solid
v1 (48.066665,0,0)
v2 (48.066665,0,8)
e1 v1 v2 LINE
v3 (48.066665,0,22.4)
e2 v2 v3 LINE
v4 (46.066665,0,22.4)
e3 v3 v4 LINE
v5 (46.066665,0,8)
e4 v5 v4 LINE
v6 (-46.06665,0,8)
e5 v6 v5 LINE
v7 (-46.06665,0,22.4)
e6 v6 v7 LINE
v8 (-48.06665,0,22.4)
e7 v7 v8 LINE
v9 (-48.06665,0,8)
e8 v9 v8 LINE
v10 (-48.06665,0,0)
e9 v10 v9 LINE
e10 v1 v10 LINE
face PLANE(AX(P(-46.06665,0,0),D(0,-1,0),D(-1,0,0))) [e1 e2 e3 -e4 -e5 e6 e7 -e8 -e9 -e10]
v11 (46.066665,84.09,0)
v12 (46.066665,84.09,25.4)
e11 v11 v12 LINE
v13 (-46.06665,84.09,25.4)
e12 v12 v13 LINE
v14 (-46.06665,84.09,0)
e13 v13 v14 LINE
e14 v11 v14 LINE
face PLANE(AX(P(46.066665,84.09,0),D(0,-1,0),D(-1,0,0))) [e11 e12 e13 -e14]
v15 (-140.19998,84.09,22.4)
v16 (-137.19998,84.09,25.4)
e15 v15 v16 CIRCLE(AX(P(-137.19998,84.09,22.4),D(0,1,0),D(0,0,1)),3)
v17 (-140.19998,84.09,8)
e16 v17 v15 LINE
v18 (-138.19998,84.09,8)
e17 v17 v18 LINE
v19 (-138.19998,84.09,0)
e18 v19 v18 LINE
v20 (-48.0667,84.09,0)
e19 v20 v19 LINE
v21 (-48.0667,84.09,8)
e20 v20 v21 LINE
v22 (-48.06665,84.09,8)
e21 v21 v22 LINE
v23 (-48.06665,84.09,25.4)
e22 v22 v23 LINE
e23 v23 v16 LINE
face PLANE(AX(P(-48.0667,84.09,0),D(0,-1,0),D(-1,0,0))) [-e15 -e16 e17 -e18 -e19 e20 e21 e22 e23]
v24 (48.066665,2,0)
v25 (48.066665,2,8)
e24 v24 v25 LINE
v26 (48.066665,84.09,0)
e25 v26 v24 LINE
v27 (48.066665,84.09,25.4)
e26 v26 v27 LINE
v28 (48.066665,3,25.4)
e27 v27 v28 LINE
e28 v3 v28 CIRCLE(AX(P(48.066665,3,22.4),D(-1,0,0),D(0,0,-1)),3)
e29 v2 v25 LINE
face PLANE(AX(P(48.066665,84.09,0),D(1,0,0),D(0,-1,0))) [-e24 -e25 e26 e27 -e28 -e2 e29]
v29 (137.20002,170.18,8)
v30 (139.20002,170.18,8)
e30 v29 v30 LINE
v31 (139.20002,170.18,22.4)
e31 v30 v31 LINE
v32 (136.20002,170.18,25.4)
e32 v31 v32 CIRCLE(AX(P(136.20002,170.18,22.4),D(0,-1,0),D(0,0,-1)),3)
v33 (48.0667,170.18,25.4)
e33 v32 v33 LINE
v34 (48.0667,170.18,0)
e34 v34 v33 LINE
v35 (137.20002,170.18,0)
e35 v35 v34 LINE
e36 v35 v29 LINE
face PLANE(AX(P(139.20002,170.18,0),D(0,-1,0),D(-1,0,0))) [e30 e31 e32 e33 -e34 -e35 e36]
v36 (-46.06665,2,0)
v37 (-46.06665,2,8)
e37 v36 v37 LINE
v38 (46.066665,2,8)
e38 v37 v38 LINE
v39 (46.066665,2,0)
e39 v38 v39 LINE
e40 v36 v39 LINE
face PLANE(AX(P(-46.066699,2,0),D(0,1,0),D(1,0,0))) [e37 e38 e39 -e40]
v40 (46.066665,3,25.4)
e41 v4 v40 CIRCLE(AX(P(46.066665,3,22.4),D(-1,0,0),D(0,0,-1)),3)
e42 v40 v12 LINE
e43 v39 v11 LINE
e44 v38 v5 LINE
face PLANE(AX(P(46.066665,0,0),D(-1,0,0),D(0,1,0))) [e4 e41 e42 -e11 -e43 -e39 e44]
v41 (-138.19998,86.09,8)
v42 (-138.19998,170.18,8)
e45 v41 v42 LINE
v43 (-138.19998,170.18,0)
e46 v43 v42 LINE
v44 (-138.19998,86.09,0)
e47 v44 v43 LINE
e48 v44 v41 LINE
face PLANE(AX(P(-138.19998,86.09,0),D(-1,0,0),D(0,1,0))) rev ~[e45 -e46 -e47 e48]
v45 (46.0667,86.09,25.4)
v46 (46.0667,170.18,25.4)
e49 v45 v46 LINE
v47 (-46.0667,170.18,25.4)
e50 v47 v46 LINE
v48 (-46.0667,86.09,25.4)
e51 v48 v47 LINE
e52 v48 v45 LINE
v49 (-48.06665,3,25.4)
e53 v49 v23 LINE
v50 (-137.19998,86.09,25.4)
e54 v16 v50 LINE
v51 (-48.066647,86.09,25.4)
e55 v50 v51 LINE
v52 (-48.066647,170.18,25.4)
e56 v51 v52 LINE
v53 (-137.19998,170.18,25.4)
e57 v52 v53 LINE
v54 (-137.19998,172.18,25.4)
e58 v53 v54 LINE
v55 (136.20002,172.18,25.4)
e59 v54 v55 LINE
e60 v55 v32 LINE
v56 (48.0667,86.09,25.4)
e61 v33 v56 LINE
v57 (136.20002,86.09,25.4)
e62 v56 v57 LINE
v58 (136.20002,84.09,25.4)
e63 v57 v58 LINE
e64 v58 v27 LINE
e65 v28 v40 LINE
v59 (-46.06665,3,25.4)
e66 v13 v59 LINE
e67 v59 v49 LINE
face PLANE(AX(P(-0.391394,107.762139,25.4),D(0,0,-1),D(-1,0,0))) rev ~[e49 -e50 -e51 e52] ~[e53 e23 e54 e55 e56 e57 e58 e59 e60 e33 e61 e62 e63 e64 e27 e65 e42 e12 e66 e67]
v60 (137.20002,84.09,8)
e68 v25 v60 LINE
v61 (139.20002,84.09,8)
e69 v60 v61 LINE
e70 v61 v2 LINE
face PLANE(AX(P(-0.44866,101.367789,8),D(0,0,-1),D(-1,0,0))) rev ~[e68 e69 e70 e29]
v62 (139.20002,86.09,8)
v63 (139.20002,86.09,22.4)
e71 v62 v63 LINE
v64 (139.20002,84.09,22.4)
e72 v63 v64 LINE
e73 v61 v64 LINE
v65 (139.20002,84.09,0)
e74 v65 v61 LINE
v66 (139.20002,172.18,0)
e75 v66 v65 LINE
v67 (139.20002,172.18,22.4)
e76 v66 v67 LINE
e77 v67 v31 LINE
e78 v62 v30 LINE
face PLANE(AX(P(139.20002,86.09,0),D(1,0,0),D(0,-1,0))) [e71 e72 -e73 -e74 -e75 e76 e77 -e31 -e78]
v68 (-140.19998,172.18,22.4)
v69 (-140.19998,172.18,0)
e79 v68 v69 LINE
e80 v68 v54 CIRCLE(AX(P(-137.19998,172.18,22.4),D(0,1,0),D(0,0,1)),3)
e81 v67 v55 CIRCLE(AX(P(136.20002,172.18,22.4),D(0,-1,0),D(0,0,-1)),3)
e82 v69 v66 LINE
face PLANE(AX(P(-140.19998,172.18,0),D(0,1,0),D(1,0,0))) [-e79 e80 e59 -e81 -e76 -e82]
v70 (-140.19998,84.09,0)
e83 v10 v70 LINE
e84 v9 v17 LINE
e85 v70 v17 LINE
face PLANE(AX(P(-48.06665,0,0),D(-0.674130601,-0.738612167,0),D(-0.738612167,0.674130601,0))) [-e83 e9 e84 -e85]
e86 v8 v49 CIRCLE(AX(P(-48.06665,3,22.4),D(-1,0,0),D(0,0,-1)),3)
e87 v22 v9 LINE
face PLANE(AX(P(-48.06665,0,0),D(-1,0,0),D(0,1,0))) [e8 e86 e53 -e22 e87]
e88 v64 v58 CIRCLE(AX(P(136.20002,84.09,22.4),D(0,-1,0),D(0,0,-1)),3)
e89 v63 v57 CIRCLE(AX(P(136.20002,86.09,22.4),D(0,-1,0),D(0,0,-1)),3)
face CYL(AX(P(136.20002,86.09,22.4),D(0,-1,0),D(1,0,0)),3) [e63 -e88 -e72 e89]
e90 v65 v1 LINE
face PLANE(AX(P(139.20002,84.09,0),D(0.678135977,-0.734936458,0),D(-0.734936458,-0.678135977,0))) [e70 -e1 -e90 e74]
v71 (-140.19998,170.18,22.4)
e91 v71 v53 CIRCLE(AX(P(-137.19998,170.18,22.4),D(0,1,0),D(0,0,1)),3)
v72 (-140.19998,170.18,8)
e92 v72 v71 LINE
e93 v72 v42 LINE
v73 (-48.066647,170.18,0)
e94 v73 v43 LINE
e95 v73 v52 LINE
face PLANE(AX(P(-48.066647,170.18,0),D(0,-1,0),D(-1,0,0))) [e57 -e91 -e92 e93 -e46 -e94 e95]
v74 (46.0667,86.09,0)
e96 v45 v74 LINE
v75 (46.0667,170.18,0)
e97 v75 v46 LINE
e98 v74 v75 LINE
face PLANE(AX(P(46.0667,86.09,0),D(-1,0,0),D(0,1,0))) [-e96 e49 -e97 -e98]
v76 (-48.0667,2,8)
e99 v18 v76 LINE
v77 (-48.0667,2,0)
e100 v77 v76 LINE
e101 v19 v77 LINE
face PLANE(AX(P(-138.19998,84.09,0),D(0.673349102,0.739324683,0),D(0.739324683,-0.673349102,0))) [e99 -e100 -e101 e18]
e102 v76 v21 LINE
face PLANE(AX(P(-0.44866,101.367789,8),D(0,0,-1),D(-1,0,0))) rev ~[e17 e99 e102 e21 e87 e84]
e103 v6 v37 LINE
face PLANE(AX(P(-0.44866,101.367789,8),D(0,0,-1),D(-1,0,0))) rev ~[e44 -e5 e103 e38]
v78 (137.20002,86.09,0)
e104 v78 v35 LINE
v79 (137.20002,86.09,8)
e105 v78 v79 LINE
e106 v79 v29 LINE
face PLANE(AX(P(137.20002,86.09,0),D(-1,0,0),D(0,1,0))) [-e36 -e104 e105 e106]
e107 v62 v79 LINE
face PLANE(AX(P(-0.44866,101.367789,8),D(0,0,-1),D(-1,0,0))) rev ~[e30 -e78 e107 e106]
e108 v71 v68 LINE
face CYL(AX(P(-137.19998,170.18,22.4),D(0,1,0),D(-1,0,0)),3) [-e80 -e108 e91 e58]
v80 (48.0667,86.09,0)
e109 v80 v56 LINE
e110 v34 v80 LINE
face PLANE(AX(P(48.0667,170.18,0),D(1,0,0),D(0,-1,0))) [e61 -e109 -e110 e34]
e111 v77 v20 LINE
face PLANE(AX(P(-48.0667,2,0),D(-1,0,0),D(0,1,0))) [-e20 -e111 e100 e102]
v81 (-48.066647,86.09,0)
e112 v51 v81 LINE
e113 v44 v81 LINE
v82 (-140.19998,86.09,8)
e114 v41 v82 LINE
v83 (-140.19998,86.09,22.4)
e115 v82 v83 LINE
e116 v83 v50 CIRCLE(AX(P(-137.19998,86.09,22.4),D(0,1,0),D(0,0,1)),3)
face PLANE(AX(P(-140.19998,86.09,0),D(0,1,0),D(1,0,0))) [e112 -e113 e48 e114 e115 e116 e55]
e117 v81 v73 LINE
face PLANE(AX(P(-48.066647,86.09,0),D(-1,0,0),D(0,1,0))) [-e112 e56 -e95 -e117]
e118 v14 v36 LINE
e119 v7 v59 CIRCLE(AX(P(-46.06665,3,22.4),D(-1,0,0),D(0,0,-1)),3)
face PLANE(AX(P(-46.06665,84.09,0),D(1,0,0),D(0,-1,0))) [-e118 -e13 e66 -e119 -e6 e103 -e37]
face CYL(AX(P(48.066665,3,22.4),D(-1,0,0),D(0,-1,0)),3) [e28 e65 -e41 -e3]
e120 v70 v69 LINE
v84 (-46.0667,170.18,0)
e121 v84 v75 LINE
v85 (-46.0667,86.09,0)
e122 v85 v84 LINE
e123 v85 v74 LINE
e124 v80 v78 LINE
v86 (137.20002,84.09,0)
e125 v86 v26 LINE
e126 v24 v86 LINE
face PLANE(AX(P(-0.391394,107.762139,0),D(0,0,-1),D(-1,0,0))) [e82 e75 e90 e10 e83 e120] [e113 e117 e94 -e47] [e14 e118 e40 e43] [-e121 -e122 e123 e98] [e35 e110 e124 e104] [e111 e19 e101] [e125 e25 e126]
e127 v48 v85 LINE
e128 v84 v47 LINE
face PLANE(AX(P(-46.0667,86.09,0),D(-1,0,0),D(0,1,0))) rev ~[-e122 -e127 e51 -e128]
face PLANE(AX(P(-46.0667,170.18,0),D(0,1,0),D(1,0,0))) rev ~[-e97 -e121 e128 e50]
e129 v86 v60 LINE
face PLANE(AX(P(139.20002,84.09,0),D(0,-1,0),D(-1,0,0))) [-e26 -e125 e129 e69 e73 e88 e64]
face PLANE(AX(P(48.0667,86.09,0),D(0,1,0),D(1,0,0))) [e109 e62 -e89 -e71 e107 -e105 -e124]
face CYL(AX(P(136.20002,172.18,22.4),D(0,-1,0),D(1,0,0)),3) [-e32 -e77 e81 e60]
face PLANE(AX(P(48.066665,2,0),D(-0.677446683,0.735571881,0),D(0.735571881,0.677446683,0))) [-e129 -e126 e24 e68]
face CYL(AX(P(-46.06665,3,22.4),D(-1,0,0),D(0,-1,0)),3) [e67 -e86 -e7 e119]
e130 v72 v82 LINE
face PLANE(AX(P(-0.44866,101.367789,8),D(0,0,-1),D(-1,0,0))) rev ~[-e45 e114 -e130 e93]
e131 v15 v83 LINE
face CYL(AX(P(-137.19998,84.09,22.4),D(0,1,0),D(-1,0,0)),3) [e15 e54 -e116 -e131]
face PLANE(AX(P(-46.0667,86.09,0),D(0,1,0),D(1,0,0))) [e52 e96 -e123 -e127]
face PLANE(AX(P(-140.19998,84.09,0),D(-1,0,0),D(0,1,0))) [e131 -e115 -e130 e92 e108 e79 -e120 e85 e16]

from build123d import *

# Parameters (mm, degrees)
SKETCH_W      = 92.1334
SKETCH_H      = 84.09
PAD_DEPTH     = 25.4
FILLET_R      = 3
SKETCH001_W   = 90.133333
SKETCH001_H   = 84.09
SKETCH001_W_2 = 92.133365
SKETCH001_H_2 = 82.09
SKETCH001_W_3 = 89.13332
SKETCH001_W_4 = 92.1334
PAD001_DEPTH  = 8


with BuildPart() as part:
    # Sketch → Pad (new body)
    with BuildSketch(Plane.XY):
        Polygon((-140.19998, 86.09), (-48.066647, 86.09), (-48.066647, 170.18), (-140.19998, 170.18), (-140.19998, 172.18), (139.20002, 172.18), (139.20002, 170.18), (48.0667, 170.18), (48.0667, 86.09), (139.20002, 86.09), (139.20002, 84.09), (48.066665, 84.09), (48.066665, 0), (46.066665, 0), (46.066665, 84.09), (-46.06665, 84.09), (-46.06665, 0), (-48.06665, 0), (-48.06665, 84.09), (-140.19998, 84.09), align=None)
        with Locations((0, 128.135)):
            Rectangle(SKETCH_W, SKETCH_H, mode=Mode.SUBTRACT)
    extrude(amount=PAD_DEPTH)

    # Fillet
    fillet_edges = [part.edges().sort_by_distance(p)[0] for p in [
        (-47.06665, 0, 25.4),
        (47.066665, 0, 25.4),
        (139.20002, 171.18, 25.4),
        (139.20002, 85.09, 25.4),
        (-140.19998, 85.09, 25.4),
        (-140.19998, 171.18, 25.4),
    ]]
    fillet(fillet_edges, radius=FILLET_R)

    # Sketch001 → Pad001 (join)
    with BuildSketch(Plane.XY):
        Polygon((139.20002, 86.09), (139.20002, 84.09), (48.066665, 0), (46.066665, 0), (-46.06665, 0), (-48.06665, 0), (-140.19998, 84.09), (-140.19998, 86.09), (-140.19998, 170.18), (-140.19998, 172.18), (139.20002, 172.18), (139.20002, 170.18), align=None)
        with Locations((-93.133313, 128.135)):
            Rectangle(SKETCH001_W, SKETCH001_H, mode=Mode.SUBTRACT)
        Polygon((137.20002, 84.09), (48.066665, 84.09), (48.066665, 2), align=None, mode=Mode.SUBTRACT)
        with Locations((-1.7e-05, 43.045)):
            Rectangle(SKETCH001_W_2, SKETCH001_H_2, mode=Mode.SUBTRACT)
        Polygon((-48.0667, 2), (-48.0667, 84.09), (-138.19998, 84.09), align=None, mode=Mode.SUBTRACT)
        with Locations((92.63336, 128.135)):
            Rectangle(SKETCH001_W_3, SKETCH001_H, mode=Mode.SUBTRACT)
        with Locations((0, 128.135)):
            Rectangle(SKETCH001_W_4, SKETCH001_H, mode=Mode.SUBTRACT)
    extrude(amount=PAD001_DEPTH)


solid = part.part
